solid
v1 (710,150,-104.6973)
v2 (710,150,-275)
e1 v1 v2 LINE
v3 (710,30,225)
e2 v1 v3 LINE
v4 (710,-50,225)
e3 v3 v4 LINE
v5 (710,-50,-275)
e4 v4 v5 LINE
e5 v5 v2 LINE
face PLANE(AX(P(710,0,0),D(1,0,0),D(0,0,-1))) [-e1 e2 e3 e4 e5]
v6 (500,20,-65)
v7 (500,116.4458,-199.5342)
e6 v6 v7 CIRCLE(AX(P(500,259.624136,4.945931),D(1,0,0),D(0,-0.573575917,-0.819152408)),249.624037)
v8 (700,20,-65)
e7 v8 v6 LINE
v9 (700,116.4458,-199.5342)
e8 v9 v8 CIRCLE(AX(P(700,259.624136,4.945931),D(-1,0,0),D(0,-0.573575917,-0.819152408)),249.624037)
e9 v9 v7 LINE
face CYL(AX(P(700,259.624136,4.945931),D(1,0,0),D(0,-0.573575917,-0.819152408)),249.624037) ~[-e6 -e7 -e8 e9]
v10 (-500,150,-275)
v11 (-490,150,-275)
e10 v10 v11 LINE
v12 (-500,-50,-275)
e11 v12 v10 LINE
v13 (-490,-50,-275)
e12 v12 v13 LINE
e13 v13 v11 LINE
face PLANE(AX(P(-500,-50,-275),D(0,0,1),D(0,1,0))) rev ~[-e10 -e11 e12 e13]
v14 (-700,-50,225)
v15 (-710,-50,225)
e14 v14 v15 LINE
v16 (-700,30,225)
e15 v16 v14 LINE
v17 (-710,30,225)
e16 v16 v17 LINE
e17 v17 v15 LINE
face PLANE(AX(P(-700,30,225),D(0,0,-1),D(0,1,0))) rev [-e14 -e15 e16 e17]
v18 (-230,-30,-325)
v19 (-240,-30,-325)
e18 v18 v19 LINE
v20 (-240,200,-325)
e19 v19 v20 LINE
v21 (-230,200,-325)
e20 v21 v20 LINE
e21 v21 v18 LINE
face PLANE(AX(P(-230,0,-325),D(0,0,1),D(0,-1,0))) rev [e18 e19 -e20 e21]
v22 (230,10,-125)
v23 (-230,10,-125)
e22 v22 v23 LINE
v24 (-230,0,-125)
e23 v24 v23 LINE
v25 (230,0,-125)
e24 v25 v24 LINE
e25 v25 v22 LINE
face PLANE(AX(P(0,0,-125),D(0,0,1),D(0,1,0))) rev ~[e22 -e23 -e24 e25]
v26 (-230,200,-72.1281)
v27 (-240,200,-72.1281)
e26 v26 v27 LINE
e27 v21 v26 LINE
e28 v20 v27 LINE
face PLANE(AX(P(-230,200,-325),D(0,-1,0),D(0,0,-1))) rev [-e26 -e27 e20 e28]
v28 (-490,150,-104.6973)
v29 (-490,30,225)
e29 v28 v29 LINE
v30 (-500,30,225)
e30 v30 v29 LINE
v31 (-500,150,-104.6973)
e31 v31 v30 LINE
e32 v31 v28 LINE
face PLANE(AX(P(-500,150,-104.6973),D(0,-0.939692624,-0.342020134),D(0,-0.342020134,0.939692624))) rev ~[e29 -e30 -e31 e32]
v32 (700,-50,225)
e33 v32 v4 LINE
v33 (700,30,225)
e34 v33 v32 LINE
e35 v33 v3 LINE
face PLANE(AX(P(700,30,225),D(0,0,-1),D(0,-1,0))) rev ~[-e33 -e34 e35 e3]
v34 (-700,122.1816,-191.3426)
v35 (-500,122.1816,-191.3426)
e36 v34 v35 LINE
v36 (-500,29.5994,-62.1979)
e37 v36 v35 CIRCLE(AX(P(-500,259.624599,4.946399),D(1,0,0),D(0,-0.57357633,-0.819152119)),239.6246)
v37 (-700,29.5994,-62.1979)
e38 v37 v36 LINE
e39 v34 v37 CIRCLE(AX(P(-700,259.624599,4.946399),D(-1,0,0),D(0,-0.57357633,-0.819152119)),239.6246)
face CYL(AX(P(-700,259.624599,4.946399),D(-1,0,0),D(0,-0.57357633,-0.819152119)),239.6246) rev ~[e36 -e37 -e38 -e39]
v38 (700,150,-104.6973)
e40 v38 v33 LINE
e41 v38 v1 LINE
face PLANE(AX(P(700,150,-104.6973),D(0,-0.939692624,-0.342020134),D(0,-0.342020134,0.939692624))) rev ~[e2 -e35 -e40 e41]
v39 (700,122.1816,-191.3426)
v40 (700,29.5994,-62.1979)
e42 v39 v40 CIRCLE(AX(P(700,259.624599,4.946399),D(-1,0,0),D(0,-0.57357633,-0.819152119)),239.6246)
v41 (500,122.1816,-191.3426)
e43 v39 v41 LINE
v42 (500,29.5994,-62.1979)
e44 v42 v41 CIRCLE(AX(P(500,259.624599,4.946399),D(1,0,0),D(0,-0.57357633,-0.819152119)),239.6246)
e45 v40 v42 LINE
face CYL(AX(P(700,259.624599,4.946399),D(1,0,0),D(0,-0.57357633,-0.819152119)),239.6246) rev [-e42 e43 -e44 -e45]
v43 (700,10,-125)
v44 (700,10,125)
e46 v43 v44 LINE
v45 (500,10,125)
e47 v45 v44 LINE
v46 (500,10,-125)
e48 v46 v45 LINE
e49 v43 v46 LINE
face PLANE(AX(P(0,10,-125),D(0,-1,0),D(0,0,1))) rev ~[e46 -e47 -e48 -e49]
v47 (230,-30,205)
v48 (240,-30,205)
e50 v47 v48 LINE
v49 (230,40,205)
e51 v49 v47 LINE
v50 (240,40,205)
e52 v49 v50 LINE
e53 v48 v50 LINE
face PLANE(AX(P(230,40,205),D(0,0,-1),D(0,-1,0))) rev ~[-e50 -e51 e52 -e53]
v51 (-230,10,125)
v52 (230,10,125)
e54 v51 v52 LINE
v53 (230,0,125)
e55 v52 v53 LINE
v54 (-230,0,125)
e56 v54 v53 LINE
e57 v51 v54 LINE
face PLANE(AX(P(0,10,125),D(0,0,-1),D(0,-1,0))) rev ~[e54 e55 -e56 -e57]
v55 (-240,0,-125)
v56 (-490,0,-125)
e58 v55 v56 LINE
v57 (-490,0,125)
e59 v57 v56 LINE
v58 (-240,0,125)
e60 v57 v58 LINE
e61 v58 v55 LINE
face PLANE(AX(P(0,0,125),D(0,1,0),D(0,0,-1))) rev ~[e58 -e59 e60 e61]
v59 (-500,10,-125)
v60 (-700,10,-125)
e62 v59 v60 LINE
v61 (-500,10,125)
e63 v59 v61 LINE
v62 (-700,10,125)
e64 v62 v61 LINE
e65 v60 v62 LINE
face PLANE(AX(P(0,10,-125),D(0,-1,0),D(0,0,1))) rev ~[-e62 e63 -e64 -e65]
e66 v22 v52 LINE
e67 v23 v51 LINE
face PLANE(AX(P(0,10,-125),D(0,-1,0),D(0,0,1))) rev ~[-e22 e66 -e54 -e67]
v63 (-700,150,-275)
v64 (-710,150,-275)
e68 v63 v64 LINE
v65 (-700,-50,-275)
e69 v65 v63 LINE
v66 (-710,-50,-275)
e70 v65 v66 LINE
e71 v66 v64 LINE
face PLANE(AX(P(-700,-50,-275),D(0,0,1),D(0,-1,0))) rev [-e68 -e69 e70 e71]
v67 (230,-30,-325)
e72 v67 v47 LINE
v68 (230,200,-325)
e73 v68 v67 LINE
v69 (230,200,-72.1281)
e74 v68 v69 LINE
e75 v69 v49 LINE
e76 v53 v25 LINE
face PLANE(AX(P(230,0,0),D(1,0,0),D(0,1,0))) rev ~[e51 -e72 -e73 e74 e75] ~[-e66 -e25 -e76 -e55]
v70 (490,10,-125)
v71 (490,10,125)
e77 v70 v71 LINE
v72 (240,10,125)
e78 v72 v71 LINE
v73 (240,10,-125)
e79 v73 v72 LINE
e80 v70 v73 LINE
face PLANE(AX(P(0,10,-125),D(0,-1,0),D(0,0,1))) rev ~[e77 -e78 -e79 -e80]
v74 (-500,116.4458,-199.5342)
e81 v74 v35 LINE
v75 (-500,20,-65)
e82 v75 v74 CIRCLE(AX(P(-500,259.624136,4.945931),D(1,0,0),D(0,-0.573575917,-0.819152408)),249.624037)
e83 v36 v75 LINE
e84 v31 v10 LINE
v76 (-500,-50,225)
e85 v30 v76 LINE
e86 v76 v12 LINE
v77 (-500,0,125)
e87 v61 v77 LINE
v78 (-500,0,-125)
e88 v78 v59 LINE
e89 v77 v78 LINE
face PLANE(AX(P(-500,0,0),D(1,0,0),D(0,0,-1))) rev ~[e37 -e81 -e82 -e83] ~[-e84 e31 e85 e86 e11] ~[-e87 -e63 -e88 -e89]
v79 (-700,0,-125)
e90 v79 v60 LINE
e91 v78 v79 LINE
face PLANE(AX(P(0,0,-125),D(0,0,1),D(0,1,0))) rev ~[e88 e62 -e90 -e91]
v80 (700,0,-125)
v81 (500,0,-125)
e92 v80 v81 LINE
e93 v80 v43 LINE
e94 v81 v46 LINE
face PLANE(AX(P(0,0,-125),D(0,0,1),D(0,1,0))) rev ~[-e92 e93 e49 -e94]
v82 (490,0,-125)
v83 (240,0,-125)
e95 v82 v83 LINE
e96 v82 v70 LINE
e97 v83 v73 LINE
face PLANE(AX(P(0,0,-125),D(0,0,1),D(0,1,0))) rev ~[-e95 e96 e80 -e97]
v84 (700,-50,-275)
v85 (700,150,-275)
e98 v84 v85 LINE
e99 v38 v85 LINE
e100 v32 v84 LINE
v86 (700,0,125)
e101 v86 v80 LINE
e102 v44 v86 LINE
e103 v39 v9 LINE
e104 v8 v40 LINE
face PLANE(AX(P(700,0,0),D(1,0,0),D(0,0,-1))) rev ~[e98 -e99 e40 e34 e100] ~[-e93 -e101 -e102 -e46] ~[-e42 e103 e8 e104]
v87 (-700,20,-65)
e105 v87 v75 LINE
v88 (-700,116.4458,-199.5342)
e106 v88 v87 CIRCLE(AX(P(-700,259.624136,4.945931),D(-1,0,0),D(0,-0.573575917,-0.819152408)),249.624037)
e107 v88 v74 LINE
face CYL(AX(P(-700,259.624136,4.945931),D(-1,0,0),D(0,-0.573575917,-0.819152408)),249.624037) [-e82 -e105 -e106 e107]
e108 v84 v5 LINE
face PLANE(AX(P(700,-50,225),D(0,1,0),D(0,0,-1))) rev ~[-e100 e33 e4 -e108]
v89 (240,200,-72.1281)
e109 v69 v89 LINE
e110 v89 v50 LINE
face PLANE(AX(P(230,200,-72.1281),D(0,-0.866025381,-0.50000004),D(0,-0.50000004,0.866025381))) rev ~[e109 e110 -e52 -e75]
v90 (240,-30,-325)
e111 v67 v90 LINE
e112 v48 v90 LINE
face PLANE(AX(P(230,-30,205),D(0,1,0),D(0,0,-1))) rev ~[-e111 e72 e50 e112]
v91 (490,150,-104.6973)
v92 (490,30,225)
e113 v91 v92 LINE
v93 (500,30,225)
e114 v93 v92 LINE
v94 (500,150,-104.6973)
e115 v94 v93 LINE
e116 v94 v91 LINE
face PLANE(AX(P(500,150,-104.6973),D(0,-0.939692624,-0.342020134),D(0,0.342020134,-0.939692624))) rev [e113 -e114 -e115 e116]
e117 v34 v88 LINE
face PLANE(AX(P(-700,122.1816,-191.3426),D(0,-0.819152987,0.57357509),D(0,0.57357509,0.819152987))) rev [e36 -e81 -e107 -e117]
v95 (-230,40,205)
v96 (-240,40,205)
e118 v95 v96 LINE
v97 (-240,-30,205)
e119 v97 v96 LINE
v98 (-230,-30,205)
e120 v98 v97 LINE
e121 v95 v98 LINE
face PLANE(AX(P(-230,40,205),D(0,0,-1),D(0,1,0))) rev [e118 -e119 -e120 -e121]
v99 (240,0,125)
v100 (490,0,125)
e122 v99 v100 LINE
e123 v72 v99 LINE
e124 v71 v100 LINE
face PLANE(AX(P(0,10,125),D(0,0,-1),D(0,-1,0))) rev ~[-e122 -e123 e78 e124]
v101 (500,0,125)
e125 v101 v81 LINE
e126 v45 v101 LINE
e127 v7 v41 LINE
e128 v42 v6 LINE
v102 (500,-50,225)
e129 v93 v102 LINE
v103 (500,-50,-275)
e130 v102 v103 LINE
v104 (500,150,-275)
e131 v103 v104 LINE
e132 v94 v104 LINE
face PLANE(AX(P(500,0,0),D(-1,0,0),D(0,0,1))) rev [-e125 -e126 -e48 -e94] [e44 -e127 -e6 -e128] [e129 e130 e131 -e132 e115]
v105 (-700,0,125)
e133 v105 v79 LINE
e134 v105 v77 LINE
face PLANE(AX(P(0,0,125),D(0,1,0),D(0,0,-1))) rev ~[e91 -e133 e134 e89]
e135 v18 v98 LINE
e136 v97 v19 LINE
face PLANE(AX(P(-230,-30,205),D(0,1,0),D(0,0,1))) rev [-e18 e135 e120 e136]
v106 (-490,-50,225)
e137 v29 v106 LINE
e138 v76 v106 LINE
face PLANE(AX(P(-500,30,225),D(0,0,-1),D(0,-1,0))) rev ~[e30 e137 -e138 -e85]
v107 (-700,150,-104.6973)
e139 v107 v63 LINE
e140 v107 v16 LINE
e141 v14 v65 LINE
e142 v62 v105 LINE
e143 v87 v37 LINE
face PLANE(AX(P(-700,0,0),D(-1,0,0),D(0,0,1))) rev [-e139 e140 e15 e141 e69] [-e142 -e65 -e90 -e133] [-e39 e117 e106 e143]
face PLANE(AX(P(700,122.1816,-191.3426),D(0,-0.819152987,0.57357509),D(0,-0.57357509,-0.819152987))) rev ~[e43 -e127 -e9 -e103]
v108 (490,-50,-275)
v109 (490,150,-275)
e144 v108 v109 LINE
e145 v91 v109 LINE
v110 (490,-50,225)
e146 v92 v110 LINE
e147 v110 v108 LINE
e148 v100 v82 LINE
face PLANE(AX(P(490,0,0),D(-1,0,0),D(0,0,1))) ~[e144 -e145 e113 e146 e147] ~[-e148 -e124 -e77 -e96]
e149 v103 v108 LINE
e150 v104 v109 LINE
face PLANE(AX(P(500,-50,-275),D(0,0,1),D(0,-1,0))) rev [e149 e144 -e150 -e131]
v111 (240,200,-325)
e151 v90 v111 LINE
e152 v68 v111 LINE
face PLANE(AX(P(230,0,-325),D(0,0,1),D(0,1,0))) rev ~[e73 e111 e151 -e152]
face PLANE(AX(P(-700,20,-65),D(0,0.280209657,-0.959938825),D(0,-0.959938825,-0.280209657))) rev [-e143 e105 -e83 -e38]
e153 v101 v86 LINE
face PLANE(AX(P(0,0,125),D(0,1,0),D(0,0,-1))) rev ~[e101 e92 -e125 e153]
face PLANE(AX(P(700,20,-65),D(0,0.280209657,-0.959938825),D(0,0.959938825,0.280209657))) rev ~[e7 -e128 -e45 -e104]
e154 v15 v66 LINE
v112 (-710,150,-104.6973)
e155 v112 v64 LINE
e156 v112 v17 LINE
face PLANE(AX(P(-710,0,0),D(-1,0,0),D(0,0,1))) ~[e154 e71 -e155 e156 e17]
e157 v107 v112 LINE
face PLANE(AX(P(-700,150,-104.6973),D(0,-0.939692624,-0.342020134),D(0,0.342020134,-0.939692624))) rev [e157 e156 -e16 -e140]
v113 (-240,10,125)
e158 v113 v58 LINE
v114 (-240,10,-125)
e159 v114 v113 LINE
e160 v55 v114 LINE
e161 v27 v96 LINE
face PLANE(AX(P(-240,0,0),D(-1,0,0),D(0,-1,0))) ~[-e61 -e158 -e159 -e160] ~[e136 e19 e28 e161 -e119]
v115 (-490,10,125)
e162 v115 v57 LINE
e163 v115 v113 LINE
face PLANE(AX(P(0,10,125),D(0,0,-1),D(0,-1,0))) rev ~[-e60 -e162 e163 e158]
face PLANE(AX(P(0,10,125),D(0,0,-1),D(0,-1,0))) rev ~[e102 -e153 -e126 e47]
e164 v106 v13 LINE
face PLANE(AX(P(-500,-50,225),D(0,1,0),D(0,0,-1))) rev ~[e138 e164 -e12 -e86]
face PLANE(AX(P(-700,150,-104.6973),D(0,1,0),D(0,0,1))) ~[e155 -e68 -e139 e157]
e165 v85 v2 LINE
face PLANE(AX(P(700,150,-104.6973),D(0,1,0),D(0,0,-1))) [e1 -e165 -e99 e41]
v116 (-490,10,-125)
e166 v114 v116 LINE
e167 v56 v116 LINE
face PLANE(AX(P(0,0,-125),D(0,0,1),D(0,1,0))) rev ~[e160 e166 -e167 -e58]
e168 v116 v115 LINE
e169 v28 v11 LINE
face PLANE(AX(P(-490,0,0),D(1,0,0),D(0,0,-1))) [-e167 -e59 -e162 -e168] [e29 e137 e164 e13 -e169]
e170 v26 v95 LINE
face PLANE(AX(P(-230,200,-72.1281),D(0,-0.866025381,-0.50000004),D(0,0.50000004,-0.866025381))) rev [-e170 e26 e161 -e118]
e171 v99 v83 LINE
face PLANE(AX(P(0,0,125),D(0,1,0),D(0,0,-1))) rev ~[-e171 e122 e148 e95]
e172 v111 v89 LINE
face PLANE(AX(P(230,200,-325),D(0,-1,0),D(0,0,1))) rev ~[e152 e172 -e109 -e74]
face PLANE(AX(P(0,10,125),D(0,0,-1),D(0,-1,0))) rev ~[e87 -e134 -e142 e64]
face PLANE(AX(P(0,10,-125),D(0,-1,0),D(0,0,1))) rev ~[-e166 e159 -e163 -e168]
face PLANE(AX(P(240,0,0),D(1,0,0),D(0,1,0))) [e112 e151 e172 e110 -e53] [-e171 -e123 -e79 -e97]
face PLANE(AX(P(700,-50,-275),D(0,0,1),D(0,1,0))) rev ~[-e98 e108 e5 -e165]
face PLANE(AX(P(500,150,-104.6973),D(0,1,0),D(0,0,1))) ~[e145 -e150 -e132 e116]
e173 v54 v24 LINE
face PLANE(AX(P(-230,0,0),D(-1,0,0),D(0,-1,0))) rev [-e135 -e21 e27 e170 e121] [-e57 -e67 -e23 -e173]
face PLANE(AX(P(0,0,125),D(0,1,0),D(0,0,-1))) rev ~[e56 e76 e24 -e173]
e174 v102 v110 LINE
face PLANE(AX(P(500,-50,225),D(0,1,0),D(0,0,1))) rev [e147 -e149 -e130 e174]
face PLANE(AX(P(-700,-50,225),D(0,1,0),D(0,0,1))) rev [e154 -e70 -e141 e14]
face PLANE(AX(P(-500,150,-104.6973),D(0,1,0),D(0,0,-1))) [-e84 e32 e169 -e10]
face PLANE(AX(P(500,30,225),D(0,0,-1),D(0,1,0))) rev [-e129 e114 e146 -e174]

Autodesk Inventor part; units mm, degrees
sketch "スケッチ1" plane through (0, 0, 0) normal (1, 0, 0) x (0, 1, 0)
  line L0 (10, 125) -> (0, 125)
  line L1 (0, 125) -> (0, -125)
  line L2 (0, -125) -> (10, -125)
  line L3 (10, -125) -> (10, 125)
  point P0 (0, 0)
  dimension "d0" = 250
  dimension "d1" = 10
extrude "押し出し1" add sketch "スケッチ1" along normal mid plane 1400
sketch "スケッチ2" plane through (700, 0, 0) normal (1, 0, 0) x (0, 0, -1)
  line L0 (104.6973, 150) -> (-225, 30)
  line L1 (-225, 30) -> (-225, -50)
  line L2 (-225, -50) -> (275, -50)
  line L3 (275, -50) -> (275, 150)
  line L4 (-125, 0) -> (125, 0) projected
  line L5 (-125, 10) -> (-125, 0) projected
  line L6 (125, 0) -> (125, 10) projected
  line L7 (125, 10) -> (-125, 10) projected
  line L8 (104.6973, 150) -> (275, 150)
  point P0 (0, 0)
  dimension "d4" = 50
  dimension "d5" = 20
  dimension "d6" = 200
  dimension "d7" = 500
  dimension "d8" = 100
  dimension "d9" = 80
extrude "押し出し3" add sketch "スケッチ2" along normal blind 10 contours L8 L3 L2 L1 L0 | L5 L7 L6 L4
ref_plane "作業平面1" through (230, 0, 0) normal (1, 0, 0) x (0, 1, 0)
ref_plane "作業平面2" through (600, 0, 0) normal (-1, 0, 0) x (0, 0, 1)
ref_plane "作業平面3" through (230, 0, 0) normal (1, 0, 0) x (0, 1, 0)
mirror "ミラー3" about plane through (600, 0, 0) normal (-1, 0, 0) of "押し出し3"
sketch "スケッチ4" plane through (230, 0, 0) normal (1, 0, 0) x (0, 1, 0)
  line L0 (40, 205) -> (-30, 205)
  line L1 (-30, 205) -> (-30, -325)
  line L2 (-30, -325) -> (200, -325)
  line L3 (200, -325) -> (200, -72.1281)
  line L4 (200, -72.1281) -> (40, 205)
  line L5 (0, -520.2563) -> (0, 349.2094) projected
  line L6 (30, 225) -> (-50, 225) projected
  line L7 (-50, 225) -> (-50, -275) projected
  line L8 (-50, -275) -> (150, -275) projected
  point P0 (0, 0)
  dimension "d25" = 230
  dimension "d26" = 20
  dimension "d27" = 20
  dimension "d28" = 50
  dimension "d29" = 30
  dimension "d30" = 70
extrude "押し出し5" add sketch "スケッチ4" along normal blind 10 contours L4 L3 L2 L5 L0 | L5 L8 L1 L0 | L5 L2 L1 L8
sketch "スケッチ5" plane through (700, 0, 0) normal (-1, 0, 0) x (0, 0, 1)
  arc A0 (-199.5342, 116.4458) -> (-65, 20) centre (4.9464, 259.6246) ccw
  arc A1 (-191.3426, 122.1816) -> (-62.1979, 29.5994) centre (4.9464, 259.6246) ccw
  line L0 (-65, 20) -> (-62.1979, 29.5994)
  line L1 (-191.3426, 122.1816) -> (-199.5342, 116.4458)
  line L2 (125, 10) -> (-125, 10) projected
  line L3 (-125, 10) -> (-125, 0) projected
  line L4 (-125, 10) -> (-199.5342, 116.4458)
  point P0 (0, 0)
  dimension "d33" = 10
  dimension "d36" = 10
  dimension "d37" = 60
  dimension "d42" = 125
extrude "押し出し6" add sketch "スケッチ5" along normal up to next
mirror "ミラー5" about plane through (0, 0, 0) normal (1, 0, 0) of "押し出し5", "押し出し3", "ミラー3", "押し出し6"
properties part number "F-wing"
